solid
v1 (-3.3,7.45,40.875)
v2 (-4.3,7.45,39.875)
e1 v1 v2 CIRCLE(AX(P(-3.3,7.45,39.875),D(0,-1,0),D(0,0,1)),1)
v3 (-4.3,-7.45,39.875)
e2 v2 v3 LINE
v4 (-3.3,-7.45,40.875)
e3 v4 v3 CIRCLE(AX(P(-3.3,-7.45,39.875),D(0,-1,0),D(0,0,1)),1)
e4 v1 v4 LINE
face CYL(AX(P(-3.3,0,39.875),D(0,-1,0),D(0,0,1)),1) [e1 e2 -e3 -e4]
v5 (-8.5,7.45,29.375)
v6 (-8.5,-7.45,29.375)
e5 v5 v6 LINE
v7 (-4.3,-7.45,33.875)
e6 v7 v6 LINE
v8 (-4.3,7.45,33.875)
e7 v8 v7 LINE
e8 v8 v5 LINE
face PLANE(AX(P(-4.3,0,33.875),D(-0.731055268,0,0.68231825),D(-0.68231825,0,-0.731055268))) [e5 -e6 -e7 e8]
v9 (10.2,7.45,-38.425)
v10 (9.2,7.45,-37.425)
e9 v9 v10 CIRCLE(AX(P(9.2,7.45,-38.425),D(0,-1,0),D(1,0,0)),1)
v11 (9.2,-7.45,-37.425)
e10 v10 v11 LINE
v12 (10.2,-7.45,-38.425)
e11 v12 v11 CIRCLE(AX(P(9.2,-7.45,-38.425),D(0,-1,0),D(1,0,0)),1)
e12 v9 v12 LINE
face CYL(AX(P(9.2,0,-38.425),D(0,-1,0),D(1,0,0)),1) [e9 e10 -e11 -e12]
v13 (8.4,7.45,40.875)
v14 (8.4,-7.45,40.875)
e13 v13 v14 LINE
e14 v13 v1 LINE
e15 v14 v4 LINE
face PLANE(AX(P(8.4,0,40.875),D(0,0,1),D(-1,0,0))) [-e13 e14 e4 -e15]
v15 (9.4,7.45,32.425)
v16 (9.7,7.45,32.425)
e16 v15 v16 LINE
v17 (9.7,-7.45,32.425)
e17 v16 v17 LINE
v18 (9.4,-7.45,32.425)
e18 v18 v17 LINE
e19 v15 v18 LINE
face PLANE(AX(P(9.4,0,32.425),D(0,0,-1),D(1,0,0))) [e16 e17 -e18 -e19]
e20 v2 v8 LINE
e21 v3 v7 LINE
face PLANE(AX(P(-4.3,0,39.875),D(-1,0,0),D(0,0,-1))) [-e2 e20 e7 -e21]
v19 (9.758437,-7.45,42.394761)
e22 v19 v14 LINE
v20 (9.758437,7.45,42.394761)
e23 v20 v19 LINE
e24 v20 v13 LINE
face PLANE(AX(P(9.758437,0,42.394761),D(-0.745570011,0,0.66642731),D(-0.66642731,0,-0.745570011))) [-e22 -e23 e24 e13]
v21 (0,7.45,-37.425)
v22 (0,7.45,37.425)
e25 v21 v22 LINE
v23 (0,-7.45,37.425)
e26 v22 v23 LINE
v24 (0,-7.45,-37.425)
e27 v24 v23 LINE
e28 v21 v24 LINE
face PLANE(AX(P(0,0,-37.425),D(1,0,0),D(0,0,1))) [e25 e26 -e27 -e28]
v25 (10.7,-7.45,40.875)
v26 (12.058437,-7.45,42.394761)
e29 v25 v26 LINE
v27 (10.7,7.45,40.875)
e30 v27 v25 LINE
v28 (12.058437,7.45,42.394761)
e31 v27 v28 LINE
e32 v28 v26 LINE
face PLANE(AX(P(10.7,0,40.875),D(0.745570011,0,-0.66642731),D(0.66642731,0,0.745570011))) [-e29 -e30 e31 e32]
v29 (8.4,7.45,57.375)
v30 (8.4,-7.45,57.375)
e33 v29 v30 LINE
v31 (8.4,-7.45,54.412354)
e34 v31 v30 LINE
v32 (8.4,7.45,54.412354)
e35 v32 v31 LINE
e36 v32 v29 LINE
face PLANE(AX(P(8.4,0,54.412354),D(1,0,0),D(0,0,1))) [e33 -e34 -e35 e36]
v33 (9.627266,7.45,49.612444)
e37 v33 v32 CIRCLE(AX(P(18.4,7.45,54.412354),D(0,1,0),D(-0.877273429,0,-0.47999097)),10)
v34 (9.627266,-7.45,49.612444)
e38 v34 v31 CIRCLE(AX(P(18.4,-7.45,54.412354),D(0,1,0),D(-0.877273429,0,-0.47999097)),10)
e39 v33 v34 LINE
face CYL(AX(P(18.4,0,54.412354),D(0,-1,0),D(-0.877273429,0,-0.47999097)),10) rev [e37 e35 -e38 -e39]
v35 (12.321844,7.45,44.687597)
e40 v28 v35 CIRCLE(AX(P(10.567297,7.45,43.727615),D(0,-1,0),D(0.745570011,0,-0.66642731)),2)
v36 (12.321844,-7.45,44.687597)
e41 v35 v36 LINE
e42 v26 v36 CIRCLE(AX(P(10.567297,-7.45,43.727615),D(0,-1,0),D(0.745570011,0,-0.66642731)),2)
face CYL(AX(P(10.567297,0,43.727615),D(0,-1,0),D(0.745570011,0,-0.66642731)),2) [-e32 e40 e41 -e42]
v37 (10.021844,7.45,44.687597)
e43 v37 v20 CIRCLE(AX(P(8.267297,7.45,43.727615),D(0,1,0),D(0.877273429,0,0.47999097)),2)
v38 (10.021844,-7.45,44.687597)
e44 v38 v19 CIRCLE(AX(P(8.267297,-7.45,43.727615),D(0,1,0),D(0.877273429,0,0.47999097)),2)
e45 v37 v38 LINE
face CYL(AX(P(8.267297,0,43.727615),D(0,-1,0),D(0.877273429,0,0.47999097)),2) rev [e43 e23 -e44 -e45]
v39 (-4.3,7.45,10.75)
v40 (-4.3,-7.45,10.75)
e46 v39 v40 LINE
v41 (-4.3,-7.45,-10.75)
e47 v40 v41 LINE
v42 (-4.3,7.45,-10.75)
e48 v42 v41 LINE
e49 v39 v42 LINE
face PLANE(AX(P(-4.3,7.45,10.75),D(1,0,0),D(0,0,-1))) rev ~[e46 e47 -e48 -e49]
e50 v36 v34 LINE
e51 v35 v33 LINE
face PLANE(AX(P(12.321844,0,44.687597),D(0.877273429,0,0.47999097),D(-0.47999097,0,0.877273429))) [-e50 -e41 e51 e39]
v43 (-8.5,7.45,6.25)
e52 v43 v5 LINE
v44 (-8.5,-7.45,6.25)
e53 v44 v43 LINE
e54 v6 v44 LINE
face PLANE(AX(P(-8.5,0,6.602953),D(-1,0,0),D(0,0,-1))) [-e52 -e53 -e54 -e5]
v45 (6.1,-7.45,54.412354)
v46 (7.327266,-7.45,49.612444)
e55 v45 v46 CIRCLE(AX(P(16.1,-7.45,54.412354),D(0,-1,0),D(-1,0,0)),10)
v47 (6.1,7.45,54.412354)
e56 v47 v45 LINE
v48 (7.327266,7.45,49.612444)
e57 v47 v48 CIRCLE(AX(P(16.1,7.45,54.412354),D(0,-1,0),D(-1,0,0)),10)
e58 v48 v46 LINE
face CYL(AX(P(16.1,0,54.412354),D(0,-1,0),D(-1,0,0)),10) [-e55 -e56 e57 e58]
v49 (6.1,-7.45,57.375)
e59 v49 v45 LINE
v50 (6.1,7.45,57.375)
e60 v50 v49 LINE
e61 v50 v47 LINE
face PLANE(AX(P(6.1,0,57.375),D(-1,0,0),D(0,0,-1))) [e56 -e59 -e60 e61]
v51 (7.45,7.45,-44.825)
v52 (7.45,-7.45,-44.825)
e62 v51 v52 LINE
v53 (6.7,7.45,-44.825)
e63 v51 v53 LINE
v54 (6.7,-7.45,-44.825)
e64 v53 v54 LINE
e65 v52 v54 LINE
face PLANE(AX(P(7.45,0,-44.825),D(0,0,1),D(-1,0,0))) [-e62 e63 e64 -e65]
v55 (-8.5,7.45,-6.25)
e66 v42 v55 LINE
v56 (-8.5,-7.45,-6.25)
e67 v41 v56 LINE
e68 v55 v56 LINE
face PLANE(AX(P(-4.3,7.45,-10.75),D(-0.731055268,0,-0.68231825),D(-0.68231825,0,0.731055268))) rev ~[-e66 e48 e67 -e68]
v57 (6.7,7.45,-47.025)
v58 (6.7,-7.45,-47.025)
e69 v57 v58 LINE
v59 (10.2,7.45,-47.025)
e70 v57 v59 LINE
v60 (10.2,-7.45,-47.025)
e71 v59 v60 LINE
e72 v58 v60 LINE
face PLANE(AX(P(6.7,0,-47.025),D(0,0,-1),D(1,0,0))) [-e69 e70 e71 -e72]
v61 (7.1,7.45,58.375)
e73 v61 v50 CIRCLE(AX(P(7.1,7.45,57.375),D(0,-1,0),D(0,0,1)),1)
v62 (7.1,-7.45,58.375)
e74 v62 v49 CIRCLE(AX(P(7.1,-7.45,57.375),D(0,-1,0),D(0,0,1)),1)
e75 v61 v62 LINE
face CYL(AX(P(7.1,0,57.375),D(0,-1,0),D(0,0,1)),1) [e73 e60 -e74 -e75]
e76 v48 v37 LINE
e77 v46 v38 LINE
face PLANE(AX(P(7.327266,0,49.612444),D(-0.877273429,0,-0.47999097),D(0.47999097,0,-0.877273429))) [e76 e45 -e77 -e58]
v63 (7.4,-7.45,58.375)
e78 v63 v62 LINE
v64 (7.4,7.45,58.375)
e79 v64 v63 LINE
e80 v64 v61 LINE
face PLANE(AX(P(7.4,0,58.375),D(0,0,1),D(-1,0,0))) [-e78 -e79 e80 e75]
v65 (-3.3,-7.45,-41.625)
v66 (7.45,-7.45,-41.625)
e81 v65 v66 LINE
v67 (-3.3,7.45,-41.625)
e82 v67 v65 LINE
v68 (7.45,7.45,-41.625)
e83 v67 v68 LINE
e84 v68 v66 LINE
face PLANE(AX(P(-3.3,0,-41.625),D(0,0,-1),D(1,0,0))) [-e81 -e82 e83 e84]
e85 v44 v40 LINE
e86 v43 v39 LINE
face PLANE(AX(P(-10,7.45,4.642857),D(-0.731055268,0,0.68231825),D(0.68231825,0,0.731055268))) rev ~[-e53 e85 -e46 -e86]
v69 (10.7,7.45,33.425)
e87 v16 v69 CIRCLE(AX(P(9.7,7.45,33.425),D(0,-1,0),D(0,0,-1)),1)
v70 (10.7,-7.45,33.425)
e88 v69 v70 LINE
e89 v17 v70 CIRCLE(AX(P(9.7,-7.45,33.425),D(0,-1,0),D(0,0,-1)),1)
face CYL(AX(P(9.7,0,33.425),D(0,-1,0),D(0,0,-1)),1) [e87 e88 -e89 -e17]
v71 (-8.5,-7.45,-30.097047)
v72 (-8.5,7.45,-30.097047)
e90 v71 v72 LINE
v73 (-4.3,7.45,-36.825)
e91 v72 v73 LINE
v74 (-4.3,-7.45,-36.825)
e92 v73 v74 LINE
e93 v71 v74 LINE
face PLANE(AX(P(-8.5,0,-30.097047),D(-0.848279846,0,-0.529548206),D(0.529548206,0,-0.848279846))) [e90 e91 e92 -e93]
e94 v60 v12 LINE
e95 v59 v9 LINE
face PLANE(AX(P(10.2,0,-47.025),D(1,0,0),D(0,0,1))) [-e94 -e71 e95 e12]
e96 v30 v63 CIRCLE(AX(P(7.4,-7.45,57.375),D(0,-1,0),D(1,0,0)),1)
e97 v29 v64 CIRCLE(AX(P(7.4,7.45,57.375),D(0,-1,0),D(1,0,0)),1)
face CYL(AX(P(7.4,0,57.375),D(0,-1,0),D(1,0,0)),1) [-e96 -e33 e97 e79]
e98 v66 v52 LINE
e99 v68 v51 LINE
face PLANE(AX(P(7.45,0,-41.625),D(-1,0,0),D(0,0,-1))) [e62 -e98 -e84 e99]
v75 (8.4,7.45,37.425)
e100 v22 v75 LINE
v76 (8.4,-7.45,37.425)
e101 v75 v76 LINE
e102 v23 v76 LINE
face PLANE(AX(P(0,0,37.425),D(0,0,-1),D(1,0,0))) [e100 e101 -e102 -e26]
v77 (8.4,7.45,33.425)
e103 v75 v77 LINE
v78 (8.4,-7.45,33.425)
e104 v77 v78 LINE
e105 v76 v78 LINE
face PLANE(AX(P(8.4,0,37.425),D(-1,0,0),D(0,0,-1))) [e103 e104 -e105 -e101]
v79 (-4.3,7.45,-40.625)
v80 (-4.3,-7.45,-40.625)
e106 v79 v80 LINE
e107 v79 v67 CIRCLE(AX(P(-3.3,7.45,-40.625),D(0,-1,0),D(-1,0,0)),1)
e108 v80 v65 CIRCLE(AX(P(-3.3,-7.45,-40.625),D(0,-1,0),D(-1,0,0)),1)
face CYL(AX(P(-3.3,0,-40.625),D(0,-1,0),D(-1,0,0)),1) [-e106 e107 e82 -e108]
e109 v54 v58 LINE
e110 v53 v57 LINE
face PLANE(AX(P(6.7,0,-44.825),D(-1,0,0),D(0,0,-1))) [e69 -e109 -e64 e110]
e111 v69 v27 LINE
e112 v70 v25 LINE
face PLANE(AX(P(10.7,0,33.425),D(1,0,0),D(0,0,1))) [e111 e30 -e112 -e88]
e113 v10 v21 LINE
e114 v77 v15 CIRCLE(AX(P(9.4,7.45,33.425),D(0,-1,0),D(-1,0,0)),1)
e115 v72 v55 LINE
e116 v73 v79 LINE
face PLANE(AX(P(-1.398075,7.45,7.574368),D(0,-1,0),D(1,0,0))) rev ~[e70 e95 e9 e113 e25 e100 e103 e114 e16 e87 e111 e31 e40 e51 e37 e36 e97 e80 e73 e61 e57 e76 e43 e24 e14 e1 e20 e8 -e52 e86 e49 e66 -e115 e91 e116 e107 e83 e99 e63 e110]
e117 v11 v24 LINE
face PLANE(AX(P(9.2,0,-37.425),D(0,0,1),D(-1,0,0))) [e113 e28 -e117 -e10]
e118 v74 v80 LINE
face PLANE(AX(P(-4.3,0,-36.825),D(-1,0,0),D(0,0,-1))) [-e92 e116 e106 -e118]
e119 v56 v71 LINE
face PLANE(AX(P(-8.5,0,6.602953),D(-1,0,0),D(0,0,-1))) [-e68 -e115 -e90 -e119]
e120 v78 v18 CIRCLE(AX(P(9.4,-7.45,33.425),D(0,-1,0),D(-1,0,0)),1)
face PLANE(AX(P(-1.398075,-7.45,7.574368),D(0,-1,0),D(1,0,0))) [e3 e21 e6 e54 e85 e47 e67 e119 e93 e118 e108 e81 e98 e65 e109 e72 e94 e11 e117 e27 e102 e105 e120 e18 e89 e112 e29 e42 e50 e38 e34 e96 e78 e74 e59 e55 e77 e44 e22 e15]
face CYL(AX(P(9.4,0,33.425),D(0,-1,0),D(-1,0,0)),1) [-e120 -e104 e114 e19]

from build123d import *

# Parameters (mm, degrees)
F1_DEPTH = 7.45
F2_W     = 9.95
F2_H     = 59.4720471648
F3_DEPTH = 14.901
F5_DEPTH = 14.9


with BuildPart() as f1:
    # F0 (on Front) → F1 (new body, symmetric)
    with BuildSketch(Plane.XZ):
        with BuildLine():
            Line((-8.5, -30.0970471648), (-4.3, -36.825))
            Line((-4.3, -36.825), (-4.3, -40.625))
            ThreePointArc((-4.3, -40.625), (-4.0071067812, -41.3321067812), (-3.3, -41.625))
            Line((-3.3, -41.625), (7.45, -41.625))
            Line((7.45, -41.625), (7.45, -44.825))
            Line((7.45, -44.825), (6.7, -44.825))
            Line((6.7, -44.825), (6.7, -47.025))
            Line((6.7, -47.025), (10.2, -47.025))
            Line((10.2, -47.025), (10.2, -38.425))
            ThreePointArc((10.2, -38.425), (9.9071067812, -37.7178932188), (9.2, -37.425))
            Line((9.2, -37.425), (0, -37.425))
            Line((0, -37.425), (0, 37.425))
            Line((0, 37.425), (8.4, 37.425))
            Line((8.4, 37.425), (8.4, 33.425))
            ThreePointArc((8.4, 33.425), (8.6928932188, 32.7178932188), (9.4, 32.425))
            Line((9.4, 32.425), (9.7, 32.425))
            ThreePointArc((9.7, 32.425), (10.4071067812, 32.7178932188), (10.7, 33.425))
            Line((10.7, 33.425), (10.7, 40.875))
            Line((10.7, 40.875), (12.0584372697, 42.3947607825))
            ThreePointArc((12.0584372697, 42.3947607825), (12.5542284753, 43.4993517405), (12.3218441058, 44.6875973417))
            Line((12.3218441058, 44.6875973417), (9.6272657122, 49.6124442137))
            ThreePointArc((9.6272657122, 49.6124442137), (8.7116734449, 51.9351925206), (8.4, 54.4123539124))
            Line((8.4, 54.4123539124), (8.4, 57.375))
            ThreePointArc((8.4, 57.375), (8.1071067812, 58.0821067812), (7.4, 58.375))
            Line((7.4, 58.375), (7.1, 58.375))
            ThreePointArc((7.1, 58.375), (6.3928932188, 58.0821067812), (6.1, 57.375))
            Line((6.1, 57.375), (6.1, 54.4123539124))
            ThreePointArc((6.1, 54.4123539124), (6.4116734449, 51.9351925206), (7.3272657122, 49.6124442137))
            Line((7.3272657122, 49.6124442137), (10.0218441058, 44.6875973417))
            ThreePointArc((10.0218441058, 44.6875973417), (10.2542284753, 43.4993517405), (9.7584372697, 42.3947607825))
            Line((9.7584372697, 42.3947607825), (8.4, 40.875))
            Line((8.4, 40.875), (-3.3, 40.875))
            ThreePointArc((-3.3, 40.875), (-4.0071067812, 40.5821067812), (-4.3, 39.875))
            Line((-4.3, 39.875), (-4.3, 33.875))
            Line((-4.3, 33.875), (-8.5, 29.375))
            Line((-8.5, 29.375), (-8.5, 20.075))
            Line((-8.5, 20.075), (-13.95, 20.075))
            Line((-13.95, 20.075), (-13.95, 29.375))
            Line((-13.95, 29.375), (-16.45, 29.375))
            ThreePointArc((-16.45, 29.375), (-17.8642135624, 28.7892135624), (-18.45, 27.375))
            Line((-18.45, 27.375), (-18.45, 13.875))
            Line((-18.45, 13.875), (-8.5, 6.6029528352))
            Line((-8.5, 6.6029528352), (-8.5, -30.0970471648))
        make_face()
    extrude(amount=F1_DEPTH, both=True)

    # F2 (on face) → F3 (cut, through all)
    with BuildSketch(Plane.XZ.offset(7.45)):
        with Locations((-13.475, -0.3610235824)):
            Rectangle(F2_W, F2_H)
    extrude(amount=-F3_DEPTH, mode=Mode.SUBTRACT)

    # F4 (on face) → F5 (cut, through all)
    with BuildSketch(Plane(origin=(0, 7.45, 0), x_dir=(-1, 0, 0), z_dir=(0, 1, 0))):
        Polygon((10, -4.6428571429), (10, 4.6428571429), (4.3, 10.75), (4.3, 0), (4.3, -10.75), align=None)
    extrude(amount=-F5_DEPTH, mode=Mode.SUBTRACT)


solid = f1.part
